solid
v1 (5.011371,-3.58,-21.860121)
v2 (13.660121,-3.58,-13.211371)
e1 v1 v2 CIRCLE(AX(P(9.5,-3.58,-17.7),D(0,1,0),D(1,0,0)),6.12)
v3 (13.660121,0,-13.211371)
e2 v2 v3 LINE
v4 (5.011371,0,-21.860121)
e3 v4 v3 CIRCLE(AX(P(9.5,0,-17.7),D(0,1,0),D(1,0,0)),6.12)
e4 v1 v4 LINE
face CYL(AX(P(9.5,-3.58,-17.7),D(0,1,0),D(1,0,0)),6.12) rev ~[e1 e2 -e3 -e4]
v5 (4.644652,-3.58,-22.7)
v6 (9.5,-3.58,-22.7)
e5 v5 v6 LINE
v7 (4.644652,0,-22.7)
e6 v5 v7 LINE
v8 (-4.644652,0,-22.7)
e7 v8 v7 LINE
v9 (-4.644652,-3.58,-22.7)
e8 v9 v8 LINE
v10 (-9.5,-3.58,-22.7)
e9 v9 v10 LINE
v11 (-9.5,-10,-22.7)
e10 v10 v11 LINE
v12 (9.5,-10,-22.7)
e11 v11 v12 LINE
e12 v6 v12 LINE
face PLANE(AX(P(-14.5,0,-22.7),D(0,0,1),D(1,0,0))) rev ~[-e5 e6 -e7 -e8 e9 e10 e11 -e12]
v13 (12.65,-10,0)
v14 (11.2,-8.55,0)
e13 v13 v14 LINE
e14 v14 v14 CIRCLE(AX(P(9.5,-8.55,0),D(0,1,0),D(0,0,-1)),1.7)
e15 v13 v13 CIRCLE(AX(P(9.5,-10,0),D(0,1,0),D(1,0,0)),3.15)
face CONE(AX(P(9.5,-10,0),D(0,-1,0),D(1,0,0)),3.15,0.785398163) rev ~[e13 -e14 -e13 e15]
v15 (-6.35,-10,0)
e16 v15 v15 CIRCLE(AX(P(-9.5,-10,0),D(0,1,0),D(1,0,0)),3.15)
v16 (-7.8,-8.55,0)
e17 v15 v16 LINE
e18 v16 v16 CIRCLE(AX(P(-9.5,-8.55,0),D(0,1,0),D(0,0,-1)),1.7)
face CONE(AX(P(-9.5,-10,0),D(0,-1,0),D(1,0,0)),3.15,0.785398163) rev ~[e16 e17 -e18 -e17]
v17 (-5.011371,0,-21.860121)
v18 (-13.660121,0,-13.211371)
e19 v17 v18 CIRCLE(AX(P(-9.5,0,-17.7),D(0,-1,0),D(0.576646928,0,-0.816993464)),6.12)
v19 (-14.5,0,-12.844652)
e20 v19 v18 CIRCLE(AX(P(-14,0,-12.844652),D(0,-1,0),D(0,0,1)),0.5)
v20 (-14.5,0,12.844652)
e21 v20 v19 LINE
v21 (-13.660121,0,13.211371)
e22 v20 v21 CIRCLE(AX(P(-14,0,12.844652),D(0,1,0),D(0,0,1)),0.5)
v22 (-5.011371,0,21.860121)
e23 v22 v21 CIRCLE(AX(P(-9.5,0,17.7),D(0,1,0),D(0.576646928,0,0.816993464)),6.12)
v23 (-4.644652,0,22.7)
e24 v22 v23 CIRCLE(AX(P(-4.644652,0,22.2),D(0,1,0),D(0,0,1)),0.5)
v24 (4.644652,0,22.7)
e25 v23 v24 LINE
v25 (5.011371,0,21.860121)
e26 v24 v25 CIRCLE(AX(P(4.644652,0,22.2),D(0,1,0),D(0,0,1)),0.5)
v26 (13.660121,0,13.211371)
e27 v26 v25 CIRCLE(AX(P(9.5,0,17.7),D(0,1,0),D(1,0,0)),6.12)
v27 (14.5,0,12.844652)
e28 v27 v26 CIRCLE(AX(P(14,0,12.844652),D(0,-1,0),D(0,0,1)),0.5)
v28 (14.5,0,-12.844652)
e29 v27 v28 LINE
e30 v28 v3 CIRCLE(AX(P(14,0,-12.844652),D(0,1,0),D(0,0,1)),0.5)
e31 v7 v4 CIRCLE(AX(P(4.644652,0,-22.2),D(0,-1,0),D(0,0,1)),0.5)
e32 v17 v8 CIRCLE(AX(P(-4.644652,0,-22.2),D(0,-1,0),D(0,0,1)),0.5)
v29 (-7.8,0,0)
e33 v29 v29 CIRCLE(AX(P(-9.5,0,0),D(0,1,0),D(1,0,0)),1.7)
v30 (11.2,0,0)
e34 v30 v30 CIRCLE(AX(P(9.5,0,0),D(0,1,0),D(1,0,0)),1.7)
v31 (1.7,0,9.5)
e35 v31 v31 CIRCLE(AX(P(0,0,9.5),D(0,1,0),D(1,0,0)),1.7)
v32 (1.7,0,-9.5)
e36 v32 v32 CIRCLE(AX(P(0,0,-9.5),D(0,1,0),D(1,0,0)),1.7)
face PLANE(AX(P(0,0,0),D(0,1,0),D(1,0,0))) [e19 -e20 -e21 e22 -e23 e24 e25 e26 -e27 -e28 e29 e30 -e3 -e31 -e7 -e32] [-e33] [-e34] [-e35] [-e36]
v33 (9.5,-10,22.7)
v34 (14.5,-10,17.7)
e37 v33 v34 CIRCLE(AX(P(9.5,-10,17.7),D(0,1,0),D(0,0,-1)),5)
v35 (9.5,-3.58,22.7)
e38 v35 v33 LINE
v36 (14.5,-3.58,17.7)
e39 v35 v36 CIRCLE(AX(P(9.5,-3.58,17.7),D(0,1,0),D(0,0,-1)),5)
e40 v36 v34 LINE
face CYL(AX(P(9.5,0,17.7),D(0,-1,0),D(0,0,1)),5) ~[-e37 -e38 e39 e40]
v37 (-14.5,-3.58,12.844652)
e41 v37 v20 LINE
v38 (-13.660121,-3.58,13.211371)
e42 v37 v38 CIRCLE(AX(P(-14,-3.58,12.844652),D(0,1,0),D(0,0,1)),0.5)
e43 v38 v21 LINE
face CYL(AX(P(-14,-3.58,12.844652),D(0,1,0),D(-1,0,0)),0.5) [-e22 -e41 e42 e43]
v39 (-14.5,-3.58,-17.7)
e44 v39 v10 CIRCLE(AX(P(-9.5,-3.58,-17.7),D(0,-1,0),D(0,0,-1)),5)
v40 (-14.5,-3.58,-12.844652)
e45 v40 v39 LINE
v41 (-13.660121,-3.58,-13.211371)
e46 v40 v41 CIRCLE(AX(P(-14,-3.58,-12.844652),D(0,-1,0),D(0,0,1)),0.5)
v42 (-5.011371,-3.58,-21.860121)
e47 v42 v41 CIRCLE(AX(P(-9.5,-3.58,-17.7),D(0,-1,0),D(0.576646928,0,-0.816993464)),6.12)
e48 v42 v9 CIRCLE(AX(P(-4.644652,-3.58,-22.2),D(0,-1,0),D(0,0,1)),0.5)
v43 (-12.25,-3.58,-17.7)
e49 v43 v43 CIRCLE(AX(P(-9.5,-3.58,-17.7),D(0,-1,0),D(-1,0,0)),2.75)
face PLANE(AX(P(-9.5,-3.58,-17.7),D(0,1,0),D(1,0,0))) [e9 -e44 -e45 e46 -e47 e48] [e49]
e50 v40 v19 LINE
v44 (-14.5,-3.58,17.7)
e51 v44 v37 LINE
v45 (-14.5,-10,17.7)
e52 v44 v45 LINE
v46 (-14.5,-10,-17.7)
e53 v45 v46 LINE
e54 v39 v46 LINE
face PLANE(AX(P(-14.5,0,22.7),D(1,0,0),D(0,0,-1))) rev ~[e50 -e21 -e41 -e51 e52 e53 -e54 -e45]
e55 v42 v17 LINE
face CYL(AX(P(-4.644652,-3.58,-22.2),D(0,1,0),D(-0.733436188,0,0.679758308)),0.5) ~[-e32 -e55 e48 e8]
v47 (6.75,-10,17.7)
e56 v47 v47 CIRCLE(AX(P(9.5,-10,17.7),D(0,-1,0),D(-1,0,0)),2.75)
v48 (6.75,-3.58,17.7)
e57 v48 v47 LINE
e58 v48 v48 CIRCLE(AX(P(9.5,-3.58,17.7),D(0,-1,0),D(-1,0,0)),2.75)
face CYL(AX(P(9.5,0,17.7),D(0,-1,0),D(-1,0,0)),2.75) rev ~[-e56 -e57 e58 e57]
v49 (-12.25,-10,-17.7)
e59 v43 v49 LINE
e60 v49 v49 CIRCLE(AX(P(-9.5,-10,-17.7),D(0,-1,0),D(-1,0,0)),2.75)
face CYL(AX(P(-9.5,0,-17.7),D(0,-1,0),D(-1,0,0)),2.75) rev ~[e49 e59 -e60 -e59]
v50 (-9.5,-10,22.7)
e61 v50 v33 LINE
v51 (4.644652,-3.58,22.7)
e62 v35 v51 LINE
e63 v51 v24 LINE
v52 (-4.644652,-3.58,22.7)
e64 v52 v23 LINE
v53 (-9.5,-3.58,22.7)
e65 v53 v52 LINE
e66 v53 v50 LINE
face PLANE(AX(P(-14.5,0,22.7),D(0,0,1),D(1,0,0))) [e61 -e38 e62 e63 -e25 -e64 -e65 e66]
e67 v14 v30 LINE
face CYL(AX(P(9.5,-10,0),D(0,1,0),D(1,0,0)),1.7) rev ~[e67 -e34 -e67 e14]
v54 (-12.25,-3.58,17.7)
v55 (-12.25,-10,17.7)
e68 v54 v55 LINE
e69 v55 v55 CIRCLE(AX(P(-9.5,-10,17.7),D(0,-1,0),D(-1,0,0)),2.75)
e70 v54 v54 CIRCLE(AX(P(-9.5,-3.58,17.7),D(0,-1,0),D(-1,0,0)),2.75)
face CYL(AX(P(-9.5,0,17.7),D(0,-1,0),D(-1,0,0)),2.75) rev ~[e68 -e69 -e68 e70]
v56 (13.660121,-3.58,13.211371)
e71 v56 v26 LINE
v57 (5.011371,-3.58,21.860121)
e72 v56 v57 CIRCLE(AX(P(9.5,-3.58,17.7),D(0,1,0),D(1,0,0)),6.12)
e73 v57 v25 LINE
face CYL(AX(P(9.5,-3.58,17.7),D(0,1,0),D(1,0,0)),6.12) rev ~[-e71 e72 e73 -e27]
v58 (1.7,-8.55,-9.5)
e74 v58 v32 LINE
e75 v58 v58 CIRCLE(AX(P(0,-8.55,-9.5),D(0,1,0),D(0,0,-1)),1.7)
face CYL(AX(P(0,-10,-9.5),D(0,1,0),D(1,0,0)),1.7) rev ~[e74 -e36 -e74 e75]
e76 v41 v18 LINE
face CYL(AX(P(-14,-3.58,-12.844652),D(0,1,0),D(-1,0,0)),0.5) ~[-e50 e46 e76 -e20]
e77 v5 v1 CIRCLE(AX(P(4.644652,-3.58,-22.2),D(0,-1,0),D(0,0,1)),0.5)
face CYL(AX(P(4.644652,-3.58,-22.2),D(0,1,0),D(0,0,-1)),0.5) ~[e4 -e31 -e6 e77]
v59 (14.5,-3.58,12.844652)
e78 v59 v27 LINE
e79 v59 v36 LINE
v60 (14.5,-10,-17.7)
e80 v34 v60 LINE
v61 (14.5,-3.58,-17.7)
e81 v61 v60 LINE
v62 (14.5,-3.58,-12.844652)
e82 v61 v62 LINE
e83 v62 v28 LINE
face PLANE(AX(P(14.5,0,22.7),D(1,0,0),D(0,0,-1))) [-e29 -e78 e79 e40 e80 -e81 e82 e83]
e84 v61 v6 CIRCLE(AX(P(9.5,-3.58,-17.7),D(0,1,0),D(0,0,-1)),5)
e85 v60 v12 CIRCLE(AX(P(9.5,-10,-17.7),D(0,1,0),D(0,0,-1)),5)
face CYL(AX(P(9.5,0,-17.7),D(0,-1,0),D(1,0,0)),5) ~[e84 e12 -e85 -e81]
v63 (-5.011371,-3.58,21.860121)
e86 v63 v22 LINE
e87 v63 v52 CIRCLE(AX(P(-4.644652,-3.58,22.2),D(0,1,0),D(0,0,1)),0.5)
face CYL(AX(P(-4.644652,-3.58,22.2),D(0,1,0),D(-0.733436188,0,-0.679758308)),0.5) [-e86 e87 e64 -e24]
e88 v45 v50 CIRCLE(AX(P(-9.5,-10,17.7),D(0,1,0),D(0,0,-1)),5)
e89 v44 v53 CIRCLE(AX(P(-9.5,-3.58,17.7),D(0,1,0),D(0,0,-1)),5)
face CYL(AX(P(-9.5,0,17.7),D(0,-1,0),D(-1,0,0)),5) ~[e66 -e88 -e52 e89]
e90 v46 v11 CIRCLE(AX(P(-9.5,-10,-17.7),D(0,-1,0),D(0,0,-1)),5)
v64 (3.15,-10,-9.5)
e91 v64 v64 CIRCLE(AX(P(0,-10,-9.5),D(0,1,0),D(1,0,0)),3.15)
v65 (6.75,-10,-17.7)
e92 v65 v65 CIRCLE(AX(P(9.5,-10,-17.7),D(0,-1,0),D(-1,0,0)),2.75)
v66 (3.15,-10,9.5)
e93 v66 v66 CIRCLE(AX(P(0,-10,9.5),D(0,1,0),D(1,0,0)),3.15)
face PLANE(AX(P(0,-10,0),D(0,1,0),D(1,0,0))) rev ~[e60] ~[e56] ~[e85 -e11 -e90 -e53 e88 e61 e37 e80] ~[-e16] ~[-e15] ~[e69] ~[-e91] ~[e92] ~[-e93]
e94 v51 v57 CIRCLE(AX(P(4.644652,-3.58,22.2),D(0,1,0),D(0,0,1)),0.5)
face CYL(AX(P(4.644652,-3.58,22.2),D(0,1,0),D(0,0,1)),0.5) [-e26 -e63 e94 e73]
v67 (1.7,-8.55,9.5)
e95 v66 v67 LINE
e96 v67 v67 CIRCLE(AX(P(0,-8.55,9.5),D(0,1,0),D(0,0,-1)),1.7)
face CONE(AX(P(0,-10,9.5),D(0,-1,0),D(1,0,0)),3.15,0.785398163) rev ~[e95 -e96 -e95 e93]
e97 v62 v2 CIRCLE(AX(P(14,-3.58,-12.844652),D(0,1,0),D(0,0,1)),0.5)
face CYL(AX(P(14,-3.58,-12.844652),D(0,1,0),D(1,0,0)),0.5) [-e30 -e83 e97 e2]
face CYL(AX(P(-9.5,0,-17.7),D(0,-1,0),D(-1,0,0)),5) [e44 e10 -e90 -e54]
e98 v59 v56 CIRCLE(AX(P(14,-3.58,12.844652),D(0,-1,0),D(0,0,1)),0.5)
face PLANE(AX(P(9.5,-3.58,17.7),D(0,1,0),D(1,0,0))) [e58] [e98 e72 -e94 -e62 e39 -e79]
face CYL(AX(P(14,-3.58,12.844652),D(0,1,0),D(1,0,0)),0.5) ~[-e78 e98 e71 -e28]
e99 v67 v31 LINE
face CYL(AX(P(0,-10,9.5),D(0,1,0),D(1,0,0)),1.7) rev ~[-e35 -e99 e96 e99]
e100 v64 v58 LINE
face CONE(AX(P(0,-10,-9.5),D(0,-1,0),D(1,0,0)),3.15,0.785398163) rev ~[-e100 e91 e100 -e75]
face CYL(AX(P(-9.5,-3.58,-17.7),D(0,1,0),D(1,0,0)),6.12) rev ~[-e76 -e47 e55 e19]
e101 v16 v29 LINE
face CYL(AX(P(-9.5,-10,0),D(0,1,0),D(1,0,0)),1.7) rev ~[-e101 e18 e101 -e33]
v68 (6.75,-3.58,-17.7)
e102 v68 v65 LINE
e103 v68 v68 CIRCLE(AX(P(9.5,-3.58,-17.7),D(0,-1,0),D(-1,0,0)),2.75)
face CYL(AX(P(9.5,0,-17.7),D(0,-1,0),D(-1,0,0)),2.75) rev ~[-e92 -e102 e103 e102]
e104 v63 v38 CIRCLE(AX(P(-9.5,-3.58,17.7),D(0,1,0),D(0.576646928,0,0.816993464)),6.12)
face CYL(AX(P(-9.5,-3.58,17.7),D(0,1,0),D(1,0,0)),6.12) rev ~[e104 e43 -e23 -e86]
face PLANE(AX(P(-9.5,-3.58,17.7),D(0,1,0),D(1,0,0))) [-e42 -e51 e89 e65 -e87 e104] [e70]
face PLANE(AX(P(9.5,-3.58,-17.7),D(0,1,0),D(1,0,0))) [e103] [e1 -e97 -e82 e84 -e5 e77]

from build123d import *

# Parameters (mm, degrees)
SKETCH1_W                                       = 29
SKETCH1_H                                       = 45.4
BOSS_EXTRUDE1_DEPTH                             = 10
CBORE_FOR_M5_HEX_HEAD_BOLT1_D                   = 5.5
CBORE_FOR_M5_HEX_HEAD_BOLT1_DEPTH               = 15
CBORE_FOR_M5_HEX_HEAD_BOLT1_CBORE_D             = 12.24
CBORE_FOR_M5_HEX_HEAD_BOLT1_CBORE_DEPTH         = 3.58
CBORE_FOR_M5_HEX_HEAD_BOLT1_TIP                 = 1.652366702
CSK_FOR_M3_FLAT_HEAD_MACHINE_SCREW1_D           = 3.4
CSK_FOR_M3_FLAT_HEAD_MACHINE_SCREW1_CSINK_D     = 6.3
CSK_FOR_M3_FLAT_HEAD_MACHINE_SCREW1_CSINK_ANGLE = 90
FILLET1_R                                       = 5
FILLET2_R                                       = 0.5


with BuildPart() as part:
    # Sketch1 → Boss-Extrude1 (new body)
    with BuildSketch(Plane(origin=(0, 0, 0), x_dir=(1, 0, 0), z_dir=(0, 1, 0))):
        Rectangle(SKETCH1_W, SKETCH1_H)
    extrude(amount=-BOSS_EXTRUDE1_DEPTH)

    # CBORE for M5 Hex Head Bolt1
    with Locations(Plane(origin=(0, 0, 0), x_dir=(1, 0, 0), z_dir=(0, 1, 0))):
        with Locations((-9.5, 17.7), (9.5, 17.7), (9.5, -17.7), (-9.5, -17.7)):
            CounterBoreHole(CBORE_FOR_M5_HEX_HEAD_BOLT1_D / 2, CBORE_FOR_M5_HEX_HEAD_BOLT1_CBORE_D / 2, CBORE_FOR_M5_HEX_HEAD_BOLT1_CBORE_DEPTH, depth=CBORE_FOR_M5_HEX_HEAD_BOLT1_DEPTH)
            with Locations((0, 0, -(CBORE_FOR_M5_HEX_HEAD_BOLT1_DEPTH + CBORE_FOR_M5_HEX_HEAD_BOLT1_TIP / 2))):  # 118° drill point
                Cone(0, CBORE_FOR_M5_HEX_HEAD_BOLT1_D / 2, CBORE_FOR_M5_HEX_HEAD_BOLT1_TIP, mode=Mode.SUBTRACT)

    # CSK for M3 Flat Head Machine Screw1 (through all)
    with Locations(Plane(origin=(0, -10, 0), x_dir=(-1, 0, 0), z_dir=(0, -1, 0))):
        with Locations((-9.5, 0), (0, 9.5), (9.5, 0), (0, -9.5)):
            CounterSinkHole(CSK_FOR_M3_FLAT_HEAD_MACHINE_SCREW1_D / 2, CSK_FOR_M3_FLAT_HEAD_MACHINE_SCREW1_CSINK_D / 2, counter_sink_angle=CSK_FOR_M3_FLAT_HEAD_MACHINE_SCREW1_CSINK_ANGLE)

    # Fillet1
    fillet1_edges = [part.edges().sort_by_distance(p)[0] for p in [
        (-14.5, -5, -22.7),
        (14.5, -5, -22.7),
        (14.5, -5, 22.7),
        (-14.5, -5, 22.7),
    ]]
    fillet(fillet1_edges, radius=FILLET1_R)

    # Fillet2
    fillet2_edges = [part.edges().sort_by_distance(p)[0] for p in [
        (-5.9709208, -1.79, 22.7),
        (-14.5, -1.79, 14.1709208),
        (14.5, -1.79, 14.1709208),
        (5.9709208, -1.79, 22.7),
        (14.5, -1.79, -14.1709208),
        (5.9709208, -1.79, -22.7),
        (-5.9709208, -1.79, -22.7),
        (-14.5, -1.79, -14.1709208),
    ]]
    fillet(fillet2_edges, radius=FILLET2_R)


solid = part.part
